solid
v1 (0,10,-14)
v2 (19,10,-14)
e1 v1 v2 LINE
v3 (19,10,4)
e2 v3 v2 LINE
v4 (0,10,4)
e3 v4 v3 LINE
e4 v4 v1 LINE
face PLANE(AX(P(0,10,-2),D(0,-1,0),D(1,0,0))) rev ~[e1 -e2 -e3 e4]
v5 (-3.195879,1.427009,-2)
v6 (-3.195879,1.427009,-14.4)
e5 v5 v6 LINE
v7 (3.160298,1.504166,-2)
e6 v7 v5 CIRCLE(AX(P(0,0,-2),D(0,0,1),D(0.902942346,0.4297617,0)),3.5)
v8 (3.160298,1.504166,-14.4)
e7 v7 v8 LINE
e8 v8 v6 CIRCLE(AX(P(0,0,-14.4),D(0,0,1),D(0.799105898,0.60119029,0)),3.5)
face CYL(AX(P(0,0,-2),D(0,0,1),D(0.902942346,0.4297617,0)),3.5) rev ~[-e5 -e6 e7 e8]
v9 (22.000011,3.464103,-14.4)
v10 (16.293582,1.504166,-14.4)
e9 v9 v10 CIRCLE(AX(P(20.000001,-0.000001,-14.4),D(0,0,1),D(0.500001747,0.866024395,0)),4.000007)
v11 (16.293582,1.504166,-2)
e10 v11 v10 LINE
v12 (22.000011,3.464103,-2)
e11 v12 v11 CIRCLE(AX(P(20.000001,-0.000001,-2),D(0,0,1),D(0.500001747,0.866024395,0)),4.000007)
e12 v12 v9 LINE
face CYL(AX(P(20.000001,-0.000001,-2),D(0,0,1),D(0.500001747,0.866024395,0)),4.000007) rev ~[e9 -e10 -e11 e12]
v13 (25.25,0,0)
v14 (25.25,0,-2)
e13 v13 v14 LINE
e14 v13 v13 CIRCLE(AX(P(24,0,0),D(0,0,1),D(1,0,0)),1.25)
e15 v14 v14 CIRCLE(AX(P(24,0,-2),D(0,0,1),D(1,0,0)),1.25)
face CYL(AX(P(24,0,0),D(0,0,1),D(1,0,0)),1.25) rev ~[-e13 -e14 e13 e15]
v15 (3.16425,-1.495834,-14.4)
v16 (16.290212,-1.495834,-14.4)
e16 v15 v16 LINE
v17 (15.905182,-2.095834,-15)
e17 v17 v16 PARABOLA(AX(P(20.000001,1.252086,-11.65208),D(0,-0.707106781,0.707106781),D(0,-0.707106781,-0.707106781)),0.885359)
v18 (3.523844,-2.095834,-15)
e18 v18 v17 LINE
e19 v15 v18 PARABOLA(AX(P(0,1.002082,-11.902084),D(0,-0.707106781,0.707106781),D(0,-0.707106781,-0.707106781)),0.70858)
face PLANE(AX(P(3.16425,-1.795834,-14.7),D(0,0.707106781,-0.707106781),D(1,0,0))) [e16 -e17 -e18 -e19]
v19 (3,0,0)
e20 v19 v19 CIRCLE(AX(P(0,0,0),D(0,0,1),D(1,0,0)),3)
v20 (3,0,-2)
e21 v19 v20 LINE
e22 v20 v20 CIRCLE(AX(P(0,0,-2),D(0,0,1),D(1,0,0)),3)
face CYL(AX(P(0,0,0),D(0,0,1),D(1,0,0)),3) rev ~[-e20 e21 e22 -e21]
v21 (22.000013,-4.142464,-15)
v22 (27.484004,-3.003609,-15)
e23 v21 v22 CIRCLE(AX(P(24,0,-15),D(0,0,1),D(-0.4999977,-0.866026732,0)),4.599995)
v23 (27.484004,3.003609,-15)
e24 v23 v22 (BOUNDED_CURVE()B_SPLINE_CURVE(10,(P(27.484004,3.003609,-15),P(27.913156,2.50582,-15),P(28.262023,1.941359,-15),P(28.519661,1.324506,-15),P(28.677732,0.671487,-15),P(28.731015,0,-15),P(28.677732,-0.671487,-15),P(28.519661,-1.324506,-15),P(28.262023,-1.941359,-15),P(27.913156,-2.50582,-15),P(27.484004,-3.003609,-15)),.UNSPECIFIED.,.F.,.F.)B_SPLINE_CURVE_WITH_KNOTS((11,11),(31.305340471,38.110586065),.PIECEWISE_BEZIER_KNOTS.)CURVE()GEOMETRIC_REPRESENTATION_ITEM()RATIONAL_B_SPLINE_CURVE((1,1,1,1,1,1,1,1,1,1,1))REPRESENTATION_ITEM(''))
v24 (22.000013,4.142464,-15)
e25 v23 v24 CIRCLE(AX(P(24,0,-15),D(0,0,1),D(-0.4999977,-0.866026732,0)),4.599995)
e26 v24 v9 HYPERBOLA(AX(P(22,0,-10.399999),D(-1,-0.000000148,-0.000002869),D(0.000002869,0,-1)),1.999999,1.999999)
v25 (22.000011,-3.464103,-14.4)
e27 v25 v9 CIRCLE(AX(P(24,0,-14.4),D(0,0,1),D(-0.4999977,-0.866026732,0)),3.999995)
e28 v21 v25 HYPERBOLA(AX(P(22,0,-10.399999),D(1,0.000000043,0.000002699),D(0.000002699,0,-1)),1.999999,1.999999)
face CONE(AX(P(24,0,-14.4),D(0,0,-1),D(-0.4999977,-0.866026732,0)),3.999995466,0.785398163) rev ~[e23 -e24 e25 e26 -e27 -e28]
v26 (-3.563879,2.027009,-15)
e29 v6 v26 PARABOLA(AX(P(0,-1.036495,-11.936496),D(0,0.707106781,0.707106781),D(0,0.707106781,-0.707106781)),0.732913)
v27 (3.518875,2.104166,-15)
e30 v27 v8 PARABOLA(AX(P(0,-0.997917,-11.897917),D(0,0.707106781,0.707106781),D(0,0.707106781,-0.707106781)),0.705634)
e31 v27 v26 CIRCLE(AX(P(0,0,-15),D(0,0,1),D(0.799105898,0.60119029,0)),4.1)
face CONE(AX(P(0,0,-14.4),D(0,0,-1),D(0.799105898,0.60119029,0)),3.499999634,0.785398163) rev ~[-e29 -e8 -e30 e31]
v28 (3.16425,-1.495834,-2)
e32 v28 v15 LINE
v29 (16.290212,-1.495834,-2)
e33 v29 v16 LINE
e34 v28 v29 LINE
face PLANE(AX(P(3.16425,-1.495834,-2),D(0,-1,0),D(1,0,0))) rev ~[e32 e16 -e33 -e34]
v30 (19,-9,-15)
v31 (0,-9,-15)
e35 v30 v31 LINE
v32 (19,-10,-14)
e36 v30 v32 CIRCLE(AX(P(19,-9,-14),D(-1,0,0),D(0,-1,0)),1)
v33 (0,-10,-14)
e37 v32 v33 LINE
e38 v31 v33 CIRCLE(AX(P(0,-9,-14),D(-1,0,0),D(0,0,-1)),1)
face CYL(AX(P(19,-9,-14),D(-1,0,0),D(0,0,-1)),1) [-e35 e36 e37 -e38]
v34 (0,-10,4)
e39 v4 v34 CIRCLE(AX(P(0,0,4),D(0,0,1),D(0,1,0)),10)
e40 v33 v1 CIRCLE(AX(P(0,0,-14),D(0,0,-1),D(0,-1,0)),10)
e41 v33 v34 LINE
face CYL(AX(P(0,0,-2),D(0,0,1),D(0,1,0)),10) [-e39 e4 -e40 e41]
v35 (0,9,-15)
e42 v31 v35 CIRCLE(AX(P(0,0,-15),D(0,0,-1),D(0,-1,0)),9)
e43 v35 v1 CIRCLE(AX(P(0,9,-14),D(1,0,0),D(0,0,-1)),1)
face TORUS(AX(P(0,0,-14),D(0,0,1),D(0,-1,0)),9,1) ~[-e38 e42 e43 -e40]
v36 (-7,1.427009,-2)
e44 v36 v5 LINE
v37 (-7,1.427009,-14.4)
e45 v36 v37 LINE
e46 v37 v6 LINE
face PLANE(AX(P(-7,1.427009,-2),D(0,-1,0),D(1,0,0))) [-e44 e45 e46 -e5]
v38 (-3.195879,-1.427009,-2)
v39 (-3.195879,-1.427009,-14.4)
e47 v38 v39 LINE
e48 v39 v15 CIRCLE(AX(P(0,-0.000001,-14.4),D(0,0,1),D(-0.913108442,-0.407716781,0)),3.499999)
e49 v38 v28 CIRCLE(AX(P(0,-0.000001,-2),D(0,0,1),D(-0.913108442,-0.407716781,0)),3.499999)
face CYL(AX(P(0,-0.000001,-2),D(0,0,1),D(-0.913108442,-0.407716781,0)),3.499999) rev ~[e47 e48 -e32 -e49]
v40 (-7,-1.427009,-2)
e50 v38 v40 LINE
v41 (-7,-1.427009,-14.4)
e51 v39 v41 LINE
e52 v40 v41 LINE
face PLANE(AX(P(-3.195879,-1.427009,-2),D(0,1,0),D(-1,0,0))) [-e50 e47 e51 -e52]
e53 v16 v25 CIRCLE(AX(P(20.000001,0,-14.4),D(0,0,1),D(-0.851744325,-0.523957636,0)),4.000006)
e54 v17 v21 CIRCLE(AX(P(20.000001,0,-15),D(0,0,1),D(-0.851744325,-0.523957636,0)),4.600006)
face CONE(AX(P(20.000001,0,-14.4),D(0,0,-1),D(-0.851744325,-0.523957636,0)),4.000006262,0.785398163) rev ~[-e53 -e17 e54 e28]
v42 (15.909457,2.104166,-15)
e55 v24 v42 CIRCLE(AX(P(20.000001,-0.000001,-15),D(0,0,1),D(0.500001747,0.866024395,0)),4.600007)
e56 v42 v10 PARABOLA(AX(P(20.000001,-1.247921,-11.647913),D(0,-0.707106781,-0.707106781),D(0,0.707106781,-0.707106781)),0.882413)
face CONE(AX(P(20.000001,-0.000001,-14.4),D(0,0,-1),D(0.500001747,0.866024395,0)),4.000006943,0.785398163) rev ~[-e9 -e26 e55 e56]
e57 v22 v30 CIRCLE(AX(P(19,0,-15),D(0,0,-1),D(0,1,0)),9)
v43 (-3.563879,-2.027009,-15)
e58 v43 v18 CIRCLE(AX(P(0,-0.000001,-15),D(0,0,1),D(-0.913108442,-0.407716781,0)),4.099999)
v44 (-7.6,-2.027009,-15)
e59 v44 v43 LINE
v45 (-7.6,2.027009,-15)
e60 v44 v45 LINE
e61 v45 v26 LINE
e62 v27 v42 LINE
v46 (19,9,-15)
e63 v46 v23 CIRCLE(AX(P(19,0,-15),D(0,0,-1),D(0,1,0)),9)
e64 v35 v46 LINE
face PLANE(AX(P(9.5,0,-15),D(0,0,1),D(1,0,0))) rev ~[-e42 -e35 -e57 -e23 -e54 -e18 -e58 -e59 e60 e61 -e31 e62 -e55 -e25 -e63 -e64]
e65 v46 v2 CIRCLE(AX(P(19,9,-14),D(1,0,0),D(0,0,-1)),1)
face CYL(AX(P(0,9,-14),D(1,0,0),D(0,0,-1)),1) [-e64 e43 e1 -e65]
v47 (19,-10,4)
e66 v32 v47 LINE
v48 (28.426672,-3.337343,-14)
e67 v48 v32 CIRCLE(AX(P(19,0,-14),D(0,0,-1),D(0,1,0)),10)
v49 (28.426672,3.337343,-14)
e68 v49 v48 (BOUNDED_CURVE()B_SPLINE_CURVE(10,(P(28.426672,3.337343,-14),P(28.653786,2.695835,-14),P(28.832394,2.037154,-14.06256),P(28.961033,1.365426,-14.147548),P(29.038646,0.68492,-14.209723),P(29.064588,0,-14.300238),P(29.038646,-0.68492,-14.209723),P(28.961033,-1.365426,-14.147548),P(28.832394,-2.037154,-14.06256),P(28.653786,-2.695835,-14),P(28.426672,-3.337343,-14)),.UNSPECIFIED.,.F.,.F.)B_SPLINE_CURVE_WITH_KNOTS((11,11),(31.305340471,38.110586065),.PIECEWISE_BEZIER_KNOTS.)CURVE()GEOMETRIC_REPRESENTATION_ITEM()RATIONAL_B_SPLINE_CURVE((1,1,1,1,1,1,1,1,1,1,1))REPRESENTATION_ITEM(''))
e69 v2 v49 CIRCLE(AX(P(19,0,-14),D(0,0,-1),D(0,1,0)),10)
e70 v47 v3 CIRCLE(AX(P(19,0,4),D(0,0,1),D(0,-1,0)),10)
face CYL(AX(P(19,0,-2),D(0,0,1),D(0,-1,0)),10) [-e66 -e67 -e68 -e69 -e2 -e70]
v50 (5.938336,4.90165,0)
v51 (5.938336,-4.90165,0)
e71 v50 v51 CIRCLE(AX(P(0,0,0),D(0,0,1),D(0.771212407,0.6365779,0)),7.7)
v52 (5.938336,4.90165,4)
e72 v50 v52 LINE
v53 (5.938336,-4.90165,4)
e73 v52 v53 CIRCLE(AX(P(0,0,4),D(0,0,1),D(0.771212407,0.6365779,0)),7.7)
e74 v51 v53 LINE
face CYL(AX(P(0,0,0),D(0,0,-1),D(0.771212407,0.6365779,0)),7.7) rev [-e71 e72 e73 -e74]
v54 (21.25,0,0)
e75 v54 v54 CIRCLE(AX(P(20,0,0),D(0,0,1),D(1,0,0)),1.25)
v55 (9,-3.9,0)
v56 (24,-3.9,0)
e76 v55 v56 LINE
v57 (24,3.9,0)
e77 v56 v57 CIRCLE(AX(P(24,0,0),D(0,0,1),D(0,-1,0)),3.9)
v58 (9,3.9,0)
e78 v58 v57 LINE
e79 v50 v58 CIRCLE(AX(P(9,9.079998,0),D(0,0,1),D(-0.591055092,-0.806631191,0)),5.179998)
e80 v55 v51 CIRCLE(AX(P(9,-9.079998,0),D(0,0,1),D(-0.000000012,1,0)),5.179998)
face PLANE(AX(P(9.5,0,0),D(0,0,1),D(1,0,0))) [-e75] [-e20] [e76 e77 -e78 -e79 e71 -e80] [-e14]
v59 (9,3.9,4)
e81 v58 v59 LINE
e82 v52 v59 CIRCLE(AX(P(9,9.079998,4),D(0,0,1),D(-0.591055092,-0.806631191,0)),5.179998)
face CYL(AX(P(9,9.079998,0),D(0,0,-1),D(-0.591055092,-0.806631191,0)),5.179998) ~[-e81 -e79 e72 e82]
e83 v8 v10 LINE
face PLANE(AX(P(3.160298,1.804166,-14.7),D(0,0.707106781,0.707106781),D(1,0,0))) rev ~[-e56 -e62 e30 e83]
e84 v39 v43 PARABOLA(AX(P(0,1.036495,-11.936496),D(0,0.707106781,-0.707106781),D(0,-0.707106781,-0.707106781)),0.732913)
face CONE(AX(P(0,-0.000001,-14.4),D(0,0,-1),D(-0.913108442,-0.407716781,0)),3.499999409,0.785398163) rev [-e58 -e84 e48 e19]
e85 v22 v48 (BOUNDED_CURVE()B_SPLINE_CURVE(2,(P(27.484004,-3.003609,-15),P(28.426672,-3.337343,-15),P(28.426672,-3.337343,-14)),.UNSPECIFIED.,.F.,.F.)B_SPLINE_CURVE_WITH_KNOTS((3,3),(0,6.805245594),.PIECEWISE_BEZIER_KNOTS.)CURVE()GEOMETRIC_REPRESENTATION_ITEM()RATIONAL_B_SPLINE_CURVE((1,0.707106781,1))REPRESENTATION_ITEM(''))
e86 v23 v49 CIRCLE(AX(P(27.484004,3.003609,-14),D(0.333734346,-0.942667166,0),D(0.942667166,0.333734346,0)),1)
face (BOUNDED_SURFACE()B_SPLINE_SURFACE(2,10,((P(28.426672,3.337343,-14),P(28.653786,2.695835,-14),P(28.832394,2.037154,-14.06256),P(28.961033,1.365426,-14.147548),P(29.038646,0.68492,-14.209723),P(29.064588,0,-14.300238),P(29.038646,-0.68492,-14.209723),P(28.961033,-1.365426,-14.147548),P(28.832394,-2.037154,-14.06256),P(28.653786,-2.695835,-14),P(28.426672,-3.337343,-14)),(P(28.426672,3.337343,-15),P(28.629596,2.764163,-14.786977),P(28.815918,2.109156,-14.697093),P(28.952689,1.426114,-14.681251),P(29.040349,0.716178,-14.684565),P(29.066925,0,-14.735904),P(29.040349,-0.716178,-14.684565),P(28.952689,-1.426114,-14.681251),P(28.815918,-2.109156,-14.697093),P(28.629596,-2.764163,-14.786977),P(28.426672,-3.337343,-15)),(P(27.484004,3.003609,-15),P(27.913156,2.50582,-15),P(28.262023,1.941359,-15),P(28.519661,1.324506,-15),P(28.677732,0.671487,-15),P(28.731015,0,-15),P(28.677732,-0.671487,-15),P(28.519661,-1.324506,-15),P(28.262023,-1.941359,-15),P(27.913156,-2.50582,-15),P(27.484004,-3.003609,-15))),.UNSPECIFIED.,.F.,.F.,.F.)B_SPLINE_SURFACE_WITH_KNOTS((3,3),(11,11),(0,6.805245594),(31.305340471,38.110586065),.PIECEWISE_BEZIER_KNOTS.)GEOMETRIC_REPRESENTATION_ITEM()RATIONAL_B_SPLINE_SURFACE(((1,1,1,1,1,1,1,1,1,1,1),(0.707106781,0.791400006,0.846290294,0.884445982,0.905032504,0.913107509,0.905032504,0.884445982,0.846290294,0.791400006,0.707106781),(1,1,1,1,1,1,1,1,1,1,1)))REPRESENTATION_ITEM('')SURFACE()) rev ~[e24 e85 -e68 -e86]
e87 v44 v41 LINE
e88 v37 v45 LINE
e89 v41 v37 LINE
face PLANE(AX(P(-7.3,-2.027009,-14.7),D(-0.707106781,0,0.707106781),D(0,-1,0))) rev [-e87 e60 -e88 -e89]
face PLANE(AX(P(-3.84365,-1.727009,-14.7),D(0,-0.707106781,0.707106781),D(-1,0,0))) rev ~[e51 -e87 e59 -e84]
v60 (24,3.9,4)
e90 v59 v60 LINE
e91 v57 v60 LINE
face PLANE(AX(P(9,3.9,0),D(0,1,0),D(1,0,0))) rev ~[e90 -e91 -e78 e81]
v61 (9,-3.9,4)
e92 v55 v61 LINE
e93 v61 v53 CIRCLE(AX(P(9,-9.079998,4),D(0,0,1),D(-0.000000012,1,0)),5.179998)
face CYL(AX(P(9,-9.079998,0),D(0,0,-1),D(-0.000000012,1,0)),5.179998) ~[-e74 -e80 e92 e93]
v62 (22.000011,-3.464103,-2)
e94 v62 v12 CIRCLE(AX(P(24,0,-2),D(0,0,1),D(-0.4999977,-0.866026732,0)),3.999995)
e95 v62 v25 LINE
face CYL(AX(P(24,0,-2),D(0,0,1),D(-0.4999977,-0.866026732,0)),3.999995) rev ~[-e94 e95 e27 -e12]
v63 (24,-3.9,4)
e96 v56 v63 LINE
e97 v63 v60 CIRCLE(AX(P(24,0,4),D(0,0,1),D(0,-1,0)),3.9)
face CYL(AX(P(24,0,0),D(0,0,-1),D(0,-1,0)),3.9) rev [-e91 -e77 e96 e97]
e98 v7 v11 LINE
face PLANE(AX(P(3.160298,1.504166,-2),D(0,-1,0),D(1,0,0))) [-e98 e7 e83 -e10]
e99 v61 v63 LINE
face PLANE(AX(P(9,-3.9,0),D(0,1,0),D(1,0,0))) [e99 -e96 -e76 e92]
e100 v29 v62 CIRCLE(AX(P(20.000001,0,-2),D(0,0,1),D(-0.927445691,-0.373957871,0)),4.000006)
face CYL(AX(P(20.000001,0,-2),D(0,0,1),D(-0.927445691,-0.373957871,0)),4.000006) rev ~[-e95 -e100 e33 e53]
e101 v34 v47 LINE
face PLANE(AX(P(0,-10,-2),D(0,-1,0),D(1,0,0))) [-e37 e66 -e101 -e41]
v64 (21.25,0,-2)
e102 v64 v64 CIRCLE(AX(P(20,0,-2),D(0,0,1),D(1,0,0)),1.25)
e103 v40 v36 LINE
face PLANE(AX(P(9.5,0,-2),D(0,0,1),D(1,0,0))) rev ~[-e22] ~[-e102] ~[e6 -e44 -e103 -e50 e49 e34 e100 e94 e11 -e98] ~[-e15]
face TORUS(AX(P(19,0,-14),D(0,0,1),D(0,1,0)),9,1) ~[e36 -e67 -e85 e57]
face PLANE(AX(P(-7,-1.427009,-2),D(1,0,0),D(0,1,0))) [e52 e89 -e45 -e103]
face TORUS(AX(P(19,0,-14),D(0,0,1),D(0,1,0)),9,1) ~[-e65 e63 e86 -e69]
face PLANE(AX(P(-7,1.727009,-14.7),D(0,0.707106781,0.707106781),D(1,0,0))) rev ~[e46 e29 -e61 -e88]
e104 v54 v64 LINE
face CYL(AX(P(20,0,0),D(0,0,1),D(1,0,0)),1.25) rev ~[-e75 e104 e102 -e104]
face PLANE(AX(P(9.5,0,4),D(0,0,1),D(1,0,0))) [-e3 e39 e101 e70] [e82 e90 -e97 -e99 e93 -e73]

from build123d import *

# Parameters (mm, degrees)
PAD_DEPTH       = 4
PAD001_DEPTH    = 2
SKETCH002_R     = 3
SKETCH002_R_2   = 1.25
POCKET_DEPTH    = 2.001
PAD002_DEPTH    = 13
CHAMFER_SIZE    = 0.6
CHAMFER001_SIZE = 0.6
CHAMFER002_SIZE = 0.6
CHAMFER003_SIZE = 0.6
FILLET_R        = 1


with BuildPart() as part:
    # Sketch → Pad (new body)
    with BuildSketch(Plane.XY):
        with BuildLine():
            ThreePointArc((0, 10), (-10, 0), (0, -10))
            Line((0, -10), (19, -10))
            ThreePointArc((19, -10), (29, 0), (19, 10))
            Line((0, 10), (19, 10))
        make_face()
        with BuildLine():
            Line((9, 3.9), (24, 3.9))
            ThreePointArc((24, -3.9), (27.9, 0), (24, 3.9))
            Line((9, -3.9), (24, -3.9))
            ThreePointArc((9, -3.9), (7.389325, -4.156777), (5.938336, -4.90165))
            ThreePointArc((5.938336, 4.90165), (-7.7, 0), (5.938336, -4.90165))
            ThreePointArc((5.938336, 4.90165), (7.389325, 4.156777), (9, 3.9))
        make_face(mode=Mode.SUBTRACT)
    extrude(amount=PAD_DEPTH)

    # Sketch001 → Pad001 (join)
    with BuildSketch(Plane.XY):
        with BuildLine():
            ThreePointArc((0, 10), (-10, 0), (0, -10))
            Line((0, -10), (19, -10))
            ThreePointArc((19, -10), (29, 0), (19, 10))
            Line((0, 10), (19, 10))
        make_face()
    extrude(amount=-PAD001_DEPTH)

    # Sketch002 → Pocket (cut, through all)
    with BuildSketch(Plane.XY):
        Circle(SKETCH002_R)
        with Locations((24, 0)):
            Circle(SKETCH002_R_2)
        with Locations((20, 0)):
            Circle(SKETCH002_R_2)
    extrude(amount=-POCKET_DEPTH, mode=Mode.SUBTRACT)

    # Sketch003 → Pad002 (join)
    with BuildSketch(Plane.XY.offset(-2)):
        with BuildLine():
            ThreePointArc((0, 10), (-10, 0), (0, -10))
            Line((0, -10), (19, -10))
            ThreePointArc((19, -10), (29, 0), (19, 10))
            Line((0, 10), (19, 10))
        make_face()
        with BuildLine():
            Line((-7, -1.427009), (-7, 1.427009))
            Line((-7, 1.427009), (-3.195879, 1.427009))
            ThreePointArc((3.160298, 1.504166), (-0.042483, 3.499742), (-3.195879, 1.427009))
            Line((3.160298, 1.504166), (16.293582, 1.504166))
            ThreePointArc((22.000011, 3.464103), (18.700656, 3.783088), (16.293582, 1.504166))
            ThreePointArc((22.000011, -3.464103), (27.999995, 0), (22.000011, 3.464103))
            ThreePointArc((16.290212, -1.495834), (18.696407, -3.781626), (22.000011, -3.464103))
            Line((3.16425, -1.495834), (16.290212, -1.495834))
            ThreePointArc((-3.195879, -1.427009), (-0.037873, -3.499795), (3.16425, -1.495834))
            Line((-3.195879, -1.427009), (-7, -1.427009))
        make_face(mode=Mode.SUBTRACT)
    extrude(amount=-PAD002_DEPTH)

    # Chamfer
    chamfer_edges = [part.edges().sort_by_distance(p)[0] for p in [
        (9.727231, -1.495834, -15),
        (9.72694, 1.504166, -15),
    ]]
    chamfer(chamfer_edges, length=CHAMFER_SIZE)

    # Chamfer001
    chamfer001_edges = [part.edges().sort_by_distance(p)[0] for p in [
        (19.018709, -3.877772, -15),
        (27.999995, 0, -15),
        (19.023455, 3.87897, -15),
        (-0.392985, 3.477868, -15),
        (-0.387811, -3.478448, -15),
    ]]
    chamfer(chamfer001_edges, length=CHAMFER001_SIZE)

    # Chamfer002
    chamfer002_edges = [part.edges().sort_by_distance(p)[0] for p in [
        (-5.421825, -1.427009, -15),
    ]]
    chamfer(chamfer002_edges, length=CHAMFER002_SIZE)

    # Chamfer003
    chamfer003_edges = [part.edges().sort_by_distance(p)[0] for p in [
        (-5.421825, 1.427009, -15),
        (-7, 0, -15),
        (-7, -1.727009, -15),
    ]]
    chamfer(chamfer003_edges, length=CHAMFER003_SIZE)

    # Fillet
    fillet_edges = [part.edges().sort_by_distance(p)[0] for p in [
        (9.5, 10, -15),
        (29, 0, -15),
        (9.5, -10, -15),
        (-10, 0, -15),
    ]]
    fillet(fillet_edges, radius=FILLET_R)


solid = part.part
